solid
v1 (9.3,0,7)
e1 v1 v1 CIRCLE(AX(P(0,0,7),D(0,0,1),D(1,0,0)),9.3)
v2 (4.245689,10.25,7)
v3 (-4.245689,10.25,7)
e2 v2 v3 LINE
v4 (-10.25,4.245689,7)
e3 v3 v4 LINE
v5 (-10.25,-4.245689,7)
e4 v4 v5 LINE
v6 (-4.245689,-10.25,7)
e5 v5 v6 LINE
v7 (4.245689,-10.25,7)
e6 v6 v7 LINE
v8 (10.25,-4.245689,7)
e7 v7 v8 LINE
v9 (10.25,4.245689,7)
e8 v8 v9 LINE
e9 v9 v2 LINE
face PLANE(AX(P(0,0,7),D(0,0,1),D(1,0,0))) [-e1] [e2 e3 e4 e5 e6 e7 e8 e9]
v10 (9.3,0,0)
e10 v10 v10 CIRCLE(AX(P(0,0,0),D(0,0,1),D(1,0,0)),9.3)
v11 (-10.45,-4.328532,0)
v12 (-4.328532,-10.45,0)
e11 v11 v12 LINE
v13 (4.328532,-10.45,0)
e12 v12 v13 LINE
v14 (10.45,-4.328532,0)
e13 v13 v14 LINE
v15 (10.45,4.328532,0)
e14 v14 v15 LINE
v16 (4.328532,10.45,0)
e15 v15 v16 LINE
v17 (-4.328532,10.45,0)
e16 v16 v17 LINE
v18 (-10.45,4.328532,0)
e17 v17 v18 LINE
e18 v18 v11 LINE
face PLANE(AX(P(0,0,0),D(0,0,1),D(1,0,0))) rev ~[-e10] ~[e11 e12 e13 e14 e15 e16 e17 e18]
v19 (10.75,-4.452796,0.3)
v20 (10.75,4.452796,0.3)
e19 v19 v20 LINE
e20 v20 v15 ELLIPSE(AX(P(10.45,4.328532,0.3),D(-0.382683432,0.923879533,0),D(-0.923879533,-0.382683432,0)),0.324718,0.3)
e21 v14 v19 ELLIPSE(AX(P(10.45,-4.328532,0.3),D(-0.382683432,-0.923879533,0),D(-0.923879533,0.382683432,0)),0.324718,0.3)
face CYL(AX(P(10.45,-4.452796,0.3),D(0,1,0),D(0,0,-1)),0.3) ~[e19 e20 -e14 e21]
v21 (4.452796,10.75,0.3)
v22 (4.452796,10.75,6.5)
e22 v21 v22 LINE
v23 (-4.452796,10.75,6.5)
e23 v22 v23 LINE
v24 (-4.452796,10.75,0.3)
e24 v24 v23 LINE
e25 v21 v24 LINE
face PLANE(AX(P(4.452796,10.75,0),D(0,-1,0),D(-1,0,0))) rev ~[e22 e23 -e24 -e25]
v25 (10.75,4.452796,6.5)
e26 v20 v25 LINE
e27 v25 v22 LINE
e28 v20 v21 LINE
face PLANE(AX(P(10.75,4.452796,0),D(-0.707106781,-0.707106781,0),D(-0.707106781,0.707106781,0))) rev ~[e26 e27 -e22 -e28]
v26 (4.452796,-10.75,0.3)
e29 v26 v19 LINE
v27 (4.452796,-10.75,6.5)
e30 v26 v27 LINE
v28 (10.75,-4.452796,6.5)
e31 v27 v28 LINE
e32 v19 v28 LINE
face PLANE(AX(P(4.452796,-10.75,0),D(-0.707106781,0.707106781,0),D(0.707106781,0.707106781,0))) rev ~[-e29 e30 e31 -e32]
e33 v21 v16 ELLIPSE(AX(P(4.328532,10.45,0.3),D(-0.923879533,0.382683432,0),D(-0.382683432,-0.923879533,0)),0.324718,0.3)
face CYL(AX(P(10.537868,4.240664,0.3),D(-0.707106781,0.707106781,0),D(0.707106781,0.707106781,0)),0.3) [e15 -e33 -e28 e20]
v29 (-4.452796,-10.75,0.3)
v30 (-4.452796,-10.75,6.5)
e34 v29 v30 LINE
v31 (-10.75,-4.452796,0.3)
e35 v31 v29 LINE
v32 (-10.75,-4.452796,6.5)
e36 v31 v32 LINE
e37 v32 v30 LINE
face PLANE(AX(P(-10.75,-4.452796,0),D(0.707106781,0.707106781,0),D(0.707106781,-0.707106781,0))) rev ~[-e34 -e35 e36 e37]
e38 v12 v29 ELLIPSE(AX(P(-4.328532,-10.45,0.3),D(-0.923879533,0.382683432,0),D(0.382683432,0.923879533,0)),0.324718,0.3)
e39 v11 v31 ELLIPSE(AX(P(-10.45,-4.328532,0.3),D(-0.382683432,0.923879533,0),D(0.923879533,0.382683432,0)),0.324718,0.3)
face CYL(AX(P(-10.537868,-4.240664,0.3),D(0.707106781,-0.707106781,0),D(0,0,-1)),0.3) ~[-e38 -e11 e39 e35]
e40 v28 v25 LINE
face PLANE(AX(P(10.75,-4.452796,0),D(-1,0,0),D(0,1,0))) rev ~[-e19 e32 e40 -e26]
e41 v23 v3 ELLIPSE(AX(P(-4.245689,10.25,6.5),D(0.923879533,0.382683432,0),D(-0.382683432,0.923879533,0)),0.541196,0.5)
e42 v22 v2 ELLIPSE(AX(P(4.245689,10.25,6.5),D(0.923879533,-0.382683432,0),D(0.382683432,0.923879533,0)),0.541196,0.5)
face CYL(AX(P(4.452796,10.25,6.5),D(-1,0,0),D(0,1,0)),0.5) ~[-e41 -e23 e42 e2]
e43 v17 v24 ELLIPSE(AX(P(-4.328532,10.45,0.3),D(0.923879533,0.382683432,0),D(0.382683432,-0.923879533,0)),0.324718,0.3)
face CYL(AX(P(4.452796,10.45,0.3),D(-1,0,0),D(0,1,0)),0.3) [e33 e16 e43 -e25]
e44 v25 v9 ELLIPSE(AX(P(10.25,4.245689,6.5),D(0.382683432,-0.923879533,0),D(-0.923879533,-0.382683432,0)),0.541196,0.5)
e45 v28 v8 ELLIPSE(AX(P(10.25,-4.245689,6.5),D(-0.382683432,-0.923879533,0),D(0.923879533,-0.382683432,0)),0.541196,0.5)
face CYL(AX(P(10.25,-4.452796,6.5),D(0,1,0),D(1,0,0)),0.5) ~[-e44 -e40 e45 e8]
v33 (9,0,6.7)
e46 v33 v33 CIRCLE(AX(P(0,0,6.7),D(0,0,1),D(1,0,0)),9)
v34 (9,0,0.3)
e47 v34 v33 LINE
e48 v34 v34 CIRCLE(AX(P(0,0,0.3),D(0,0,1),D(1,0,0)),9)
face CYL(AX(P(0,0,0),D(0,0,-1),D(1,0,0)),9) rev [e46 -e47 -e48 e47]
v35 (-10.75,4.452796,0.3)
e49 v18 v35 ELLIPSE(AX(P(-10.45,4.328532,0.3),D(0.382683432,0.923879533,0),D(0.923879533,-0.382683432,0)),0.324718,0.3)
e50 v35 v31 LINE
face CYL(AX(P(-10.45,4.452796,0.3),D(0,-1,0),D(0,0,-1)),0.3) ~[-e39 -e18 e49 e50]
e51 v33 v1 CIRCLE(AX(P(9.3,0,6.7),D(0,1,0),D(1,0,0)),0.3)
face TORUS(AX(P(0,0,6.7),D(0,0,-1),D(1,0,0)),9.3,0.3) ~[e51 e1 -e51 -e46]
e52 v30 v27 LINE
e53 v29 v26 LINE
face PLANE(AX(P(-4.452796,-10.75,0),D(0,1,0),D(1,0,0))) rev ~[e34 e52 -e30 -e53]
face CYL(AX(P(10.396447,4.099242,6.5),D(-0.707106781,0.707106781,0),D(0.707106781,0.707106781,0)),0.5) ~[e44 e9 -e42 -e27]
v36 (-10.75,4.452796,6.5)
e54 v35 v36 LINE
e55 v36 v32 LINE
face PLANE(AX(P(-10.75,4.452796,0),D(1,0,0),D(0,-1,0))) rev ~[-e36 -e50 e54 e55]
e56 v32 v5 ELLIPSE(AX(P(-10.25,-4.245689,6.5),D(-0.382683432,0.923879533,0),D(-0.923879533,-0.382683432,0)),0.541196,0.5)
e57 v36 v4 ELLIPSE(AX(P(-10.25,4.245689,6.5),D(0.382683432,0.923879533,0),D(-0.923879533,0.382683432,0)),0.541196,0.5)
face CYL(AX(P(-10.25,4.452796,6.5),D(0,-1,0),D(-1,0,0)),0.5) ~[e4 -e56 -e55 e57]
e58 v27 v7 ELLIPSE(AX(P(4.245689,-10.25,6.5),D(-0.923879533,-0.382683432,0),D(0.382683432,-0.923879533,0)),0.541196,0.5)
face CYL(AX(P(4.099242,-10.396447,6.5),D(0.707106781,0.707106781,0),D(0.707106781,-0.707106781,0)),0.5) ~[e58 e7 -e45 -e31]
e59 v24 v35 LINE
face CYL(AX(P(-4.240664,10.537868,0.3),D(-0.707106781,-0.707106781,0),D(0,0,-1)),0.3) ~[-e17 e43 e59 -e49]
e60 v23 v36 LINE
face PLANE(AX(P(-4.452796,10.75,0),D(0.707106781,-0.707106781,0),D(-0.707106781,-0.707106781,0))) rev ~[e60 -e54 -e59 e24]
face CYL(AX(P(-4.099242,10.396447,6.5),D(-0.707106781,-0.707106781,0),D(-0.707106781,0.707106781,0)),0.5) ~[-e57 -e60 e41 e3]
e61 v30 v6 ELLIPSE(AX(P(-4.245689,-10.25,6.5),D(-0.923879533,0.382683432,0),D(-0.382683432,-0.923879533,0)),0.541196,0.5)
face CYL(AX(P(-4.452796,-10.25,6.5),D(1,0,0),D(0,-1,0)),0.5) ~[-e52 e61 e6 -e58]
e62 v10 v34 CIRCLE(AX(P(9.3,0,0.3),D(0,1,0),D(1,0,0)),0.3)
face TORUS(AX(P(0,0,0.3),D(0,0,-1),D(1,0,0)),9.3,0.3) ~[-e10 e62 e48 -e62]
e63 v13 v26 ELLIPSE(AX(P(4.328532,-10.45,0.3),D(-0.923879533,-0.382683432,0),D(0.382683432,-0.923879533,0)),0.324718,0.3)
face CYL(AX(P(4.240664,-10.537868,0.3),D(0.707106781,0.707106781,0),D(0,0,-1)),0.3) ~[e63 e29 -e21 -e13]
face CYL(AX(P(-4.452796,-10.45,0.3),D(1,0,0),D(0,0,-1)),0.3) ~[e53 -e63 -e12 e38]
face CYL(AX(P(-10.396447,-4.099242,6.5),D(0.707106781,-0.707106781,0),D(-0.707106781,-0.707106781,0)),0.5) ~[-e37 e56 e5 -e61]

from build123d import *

# Parameters (mm, degrees)
F1_R     = 9
F2_DEPTH = 7
F3_R     = 0.5
F4_R     = 0.3
F5_R     = 0.3
F6_R     = 0.3


with BuildPart() as f2:
    # F1 (on Top) → F2 (new body)
    with BuildSketch(Plane.XY):
        Polygon((4.4527957955, 10.75), (-4.4527957955, 10.75), (-10.75, 4.4527957955), (-10.75, -4.4527957955), (-4.4527957955, -10.75), (4.4527957955, -10.75), (10.75, -4.4527957955), (10.75, 4.4527957955), align=None)
        Circle(F1_R, mode=Mode.SUBTRACT)
    extrude(amount=F2_DEPTH)

    # F3
    f3_edges = [f2.edges().sort_by_distance(p)[0] for p in [
        (7.601398, 7.601398, 7),
        (0, 10.75, 7),
        (-7.601398, 7.601398, 7),
        (-10.75, 0, 7),
        (-7.601398, -7.601398, 7),
        (0, -10.75, 7),
        (7.601398, -7.601398, 7),
        (10.75, 0, 7),
    ]]
    fillet(f3_edges, radius=F3_R)

    # F4
    f4_edges = [f2.edges().sort_by_distance(p)[0] for p in [
        (0, -10.75, 0),
        (-7.601398, -7.601398, 0),
        (-10.75, 0, 0),
        (-7.601398, 7.601398, 0),
        (0, 10.75, 0),
        (7.601398, 7.601398, 0),
        (10.75, 0, 0),
        (7.601398, -7.601398, 0),
    ]]
    fillet(f4_edges, radius=F4_R)

    # F5
    f5_edges = [f2.edges().sort_by_distance(p)[0] for p in [
        (-9, 0, 0),
    ]]
    fillet(f5_edges, radius=F5_R)

    # F6
    f6_edges = [f2.edges().sort_by_distance(p)[0] for p in [
        (-9, 0, 7),
    ]]
    fillet(f6_edges, radius=F6_R)


solid = f2.part
